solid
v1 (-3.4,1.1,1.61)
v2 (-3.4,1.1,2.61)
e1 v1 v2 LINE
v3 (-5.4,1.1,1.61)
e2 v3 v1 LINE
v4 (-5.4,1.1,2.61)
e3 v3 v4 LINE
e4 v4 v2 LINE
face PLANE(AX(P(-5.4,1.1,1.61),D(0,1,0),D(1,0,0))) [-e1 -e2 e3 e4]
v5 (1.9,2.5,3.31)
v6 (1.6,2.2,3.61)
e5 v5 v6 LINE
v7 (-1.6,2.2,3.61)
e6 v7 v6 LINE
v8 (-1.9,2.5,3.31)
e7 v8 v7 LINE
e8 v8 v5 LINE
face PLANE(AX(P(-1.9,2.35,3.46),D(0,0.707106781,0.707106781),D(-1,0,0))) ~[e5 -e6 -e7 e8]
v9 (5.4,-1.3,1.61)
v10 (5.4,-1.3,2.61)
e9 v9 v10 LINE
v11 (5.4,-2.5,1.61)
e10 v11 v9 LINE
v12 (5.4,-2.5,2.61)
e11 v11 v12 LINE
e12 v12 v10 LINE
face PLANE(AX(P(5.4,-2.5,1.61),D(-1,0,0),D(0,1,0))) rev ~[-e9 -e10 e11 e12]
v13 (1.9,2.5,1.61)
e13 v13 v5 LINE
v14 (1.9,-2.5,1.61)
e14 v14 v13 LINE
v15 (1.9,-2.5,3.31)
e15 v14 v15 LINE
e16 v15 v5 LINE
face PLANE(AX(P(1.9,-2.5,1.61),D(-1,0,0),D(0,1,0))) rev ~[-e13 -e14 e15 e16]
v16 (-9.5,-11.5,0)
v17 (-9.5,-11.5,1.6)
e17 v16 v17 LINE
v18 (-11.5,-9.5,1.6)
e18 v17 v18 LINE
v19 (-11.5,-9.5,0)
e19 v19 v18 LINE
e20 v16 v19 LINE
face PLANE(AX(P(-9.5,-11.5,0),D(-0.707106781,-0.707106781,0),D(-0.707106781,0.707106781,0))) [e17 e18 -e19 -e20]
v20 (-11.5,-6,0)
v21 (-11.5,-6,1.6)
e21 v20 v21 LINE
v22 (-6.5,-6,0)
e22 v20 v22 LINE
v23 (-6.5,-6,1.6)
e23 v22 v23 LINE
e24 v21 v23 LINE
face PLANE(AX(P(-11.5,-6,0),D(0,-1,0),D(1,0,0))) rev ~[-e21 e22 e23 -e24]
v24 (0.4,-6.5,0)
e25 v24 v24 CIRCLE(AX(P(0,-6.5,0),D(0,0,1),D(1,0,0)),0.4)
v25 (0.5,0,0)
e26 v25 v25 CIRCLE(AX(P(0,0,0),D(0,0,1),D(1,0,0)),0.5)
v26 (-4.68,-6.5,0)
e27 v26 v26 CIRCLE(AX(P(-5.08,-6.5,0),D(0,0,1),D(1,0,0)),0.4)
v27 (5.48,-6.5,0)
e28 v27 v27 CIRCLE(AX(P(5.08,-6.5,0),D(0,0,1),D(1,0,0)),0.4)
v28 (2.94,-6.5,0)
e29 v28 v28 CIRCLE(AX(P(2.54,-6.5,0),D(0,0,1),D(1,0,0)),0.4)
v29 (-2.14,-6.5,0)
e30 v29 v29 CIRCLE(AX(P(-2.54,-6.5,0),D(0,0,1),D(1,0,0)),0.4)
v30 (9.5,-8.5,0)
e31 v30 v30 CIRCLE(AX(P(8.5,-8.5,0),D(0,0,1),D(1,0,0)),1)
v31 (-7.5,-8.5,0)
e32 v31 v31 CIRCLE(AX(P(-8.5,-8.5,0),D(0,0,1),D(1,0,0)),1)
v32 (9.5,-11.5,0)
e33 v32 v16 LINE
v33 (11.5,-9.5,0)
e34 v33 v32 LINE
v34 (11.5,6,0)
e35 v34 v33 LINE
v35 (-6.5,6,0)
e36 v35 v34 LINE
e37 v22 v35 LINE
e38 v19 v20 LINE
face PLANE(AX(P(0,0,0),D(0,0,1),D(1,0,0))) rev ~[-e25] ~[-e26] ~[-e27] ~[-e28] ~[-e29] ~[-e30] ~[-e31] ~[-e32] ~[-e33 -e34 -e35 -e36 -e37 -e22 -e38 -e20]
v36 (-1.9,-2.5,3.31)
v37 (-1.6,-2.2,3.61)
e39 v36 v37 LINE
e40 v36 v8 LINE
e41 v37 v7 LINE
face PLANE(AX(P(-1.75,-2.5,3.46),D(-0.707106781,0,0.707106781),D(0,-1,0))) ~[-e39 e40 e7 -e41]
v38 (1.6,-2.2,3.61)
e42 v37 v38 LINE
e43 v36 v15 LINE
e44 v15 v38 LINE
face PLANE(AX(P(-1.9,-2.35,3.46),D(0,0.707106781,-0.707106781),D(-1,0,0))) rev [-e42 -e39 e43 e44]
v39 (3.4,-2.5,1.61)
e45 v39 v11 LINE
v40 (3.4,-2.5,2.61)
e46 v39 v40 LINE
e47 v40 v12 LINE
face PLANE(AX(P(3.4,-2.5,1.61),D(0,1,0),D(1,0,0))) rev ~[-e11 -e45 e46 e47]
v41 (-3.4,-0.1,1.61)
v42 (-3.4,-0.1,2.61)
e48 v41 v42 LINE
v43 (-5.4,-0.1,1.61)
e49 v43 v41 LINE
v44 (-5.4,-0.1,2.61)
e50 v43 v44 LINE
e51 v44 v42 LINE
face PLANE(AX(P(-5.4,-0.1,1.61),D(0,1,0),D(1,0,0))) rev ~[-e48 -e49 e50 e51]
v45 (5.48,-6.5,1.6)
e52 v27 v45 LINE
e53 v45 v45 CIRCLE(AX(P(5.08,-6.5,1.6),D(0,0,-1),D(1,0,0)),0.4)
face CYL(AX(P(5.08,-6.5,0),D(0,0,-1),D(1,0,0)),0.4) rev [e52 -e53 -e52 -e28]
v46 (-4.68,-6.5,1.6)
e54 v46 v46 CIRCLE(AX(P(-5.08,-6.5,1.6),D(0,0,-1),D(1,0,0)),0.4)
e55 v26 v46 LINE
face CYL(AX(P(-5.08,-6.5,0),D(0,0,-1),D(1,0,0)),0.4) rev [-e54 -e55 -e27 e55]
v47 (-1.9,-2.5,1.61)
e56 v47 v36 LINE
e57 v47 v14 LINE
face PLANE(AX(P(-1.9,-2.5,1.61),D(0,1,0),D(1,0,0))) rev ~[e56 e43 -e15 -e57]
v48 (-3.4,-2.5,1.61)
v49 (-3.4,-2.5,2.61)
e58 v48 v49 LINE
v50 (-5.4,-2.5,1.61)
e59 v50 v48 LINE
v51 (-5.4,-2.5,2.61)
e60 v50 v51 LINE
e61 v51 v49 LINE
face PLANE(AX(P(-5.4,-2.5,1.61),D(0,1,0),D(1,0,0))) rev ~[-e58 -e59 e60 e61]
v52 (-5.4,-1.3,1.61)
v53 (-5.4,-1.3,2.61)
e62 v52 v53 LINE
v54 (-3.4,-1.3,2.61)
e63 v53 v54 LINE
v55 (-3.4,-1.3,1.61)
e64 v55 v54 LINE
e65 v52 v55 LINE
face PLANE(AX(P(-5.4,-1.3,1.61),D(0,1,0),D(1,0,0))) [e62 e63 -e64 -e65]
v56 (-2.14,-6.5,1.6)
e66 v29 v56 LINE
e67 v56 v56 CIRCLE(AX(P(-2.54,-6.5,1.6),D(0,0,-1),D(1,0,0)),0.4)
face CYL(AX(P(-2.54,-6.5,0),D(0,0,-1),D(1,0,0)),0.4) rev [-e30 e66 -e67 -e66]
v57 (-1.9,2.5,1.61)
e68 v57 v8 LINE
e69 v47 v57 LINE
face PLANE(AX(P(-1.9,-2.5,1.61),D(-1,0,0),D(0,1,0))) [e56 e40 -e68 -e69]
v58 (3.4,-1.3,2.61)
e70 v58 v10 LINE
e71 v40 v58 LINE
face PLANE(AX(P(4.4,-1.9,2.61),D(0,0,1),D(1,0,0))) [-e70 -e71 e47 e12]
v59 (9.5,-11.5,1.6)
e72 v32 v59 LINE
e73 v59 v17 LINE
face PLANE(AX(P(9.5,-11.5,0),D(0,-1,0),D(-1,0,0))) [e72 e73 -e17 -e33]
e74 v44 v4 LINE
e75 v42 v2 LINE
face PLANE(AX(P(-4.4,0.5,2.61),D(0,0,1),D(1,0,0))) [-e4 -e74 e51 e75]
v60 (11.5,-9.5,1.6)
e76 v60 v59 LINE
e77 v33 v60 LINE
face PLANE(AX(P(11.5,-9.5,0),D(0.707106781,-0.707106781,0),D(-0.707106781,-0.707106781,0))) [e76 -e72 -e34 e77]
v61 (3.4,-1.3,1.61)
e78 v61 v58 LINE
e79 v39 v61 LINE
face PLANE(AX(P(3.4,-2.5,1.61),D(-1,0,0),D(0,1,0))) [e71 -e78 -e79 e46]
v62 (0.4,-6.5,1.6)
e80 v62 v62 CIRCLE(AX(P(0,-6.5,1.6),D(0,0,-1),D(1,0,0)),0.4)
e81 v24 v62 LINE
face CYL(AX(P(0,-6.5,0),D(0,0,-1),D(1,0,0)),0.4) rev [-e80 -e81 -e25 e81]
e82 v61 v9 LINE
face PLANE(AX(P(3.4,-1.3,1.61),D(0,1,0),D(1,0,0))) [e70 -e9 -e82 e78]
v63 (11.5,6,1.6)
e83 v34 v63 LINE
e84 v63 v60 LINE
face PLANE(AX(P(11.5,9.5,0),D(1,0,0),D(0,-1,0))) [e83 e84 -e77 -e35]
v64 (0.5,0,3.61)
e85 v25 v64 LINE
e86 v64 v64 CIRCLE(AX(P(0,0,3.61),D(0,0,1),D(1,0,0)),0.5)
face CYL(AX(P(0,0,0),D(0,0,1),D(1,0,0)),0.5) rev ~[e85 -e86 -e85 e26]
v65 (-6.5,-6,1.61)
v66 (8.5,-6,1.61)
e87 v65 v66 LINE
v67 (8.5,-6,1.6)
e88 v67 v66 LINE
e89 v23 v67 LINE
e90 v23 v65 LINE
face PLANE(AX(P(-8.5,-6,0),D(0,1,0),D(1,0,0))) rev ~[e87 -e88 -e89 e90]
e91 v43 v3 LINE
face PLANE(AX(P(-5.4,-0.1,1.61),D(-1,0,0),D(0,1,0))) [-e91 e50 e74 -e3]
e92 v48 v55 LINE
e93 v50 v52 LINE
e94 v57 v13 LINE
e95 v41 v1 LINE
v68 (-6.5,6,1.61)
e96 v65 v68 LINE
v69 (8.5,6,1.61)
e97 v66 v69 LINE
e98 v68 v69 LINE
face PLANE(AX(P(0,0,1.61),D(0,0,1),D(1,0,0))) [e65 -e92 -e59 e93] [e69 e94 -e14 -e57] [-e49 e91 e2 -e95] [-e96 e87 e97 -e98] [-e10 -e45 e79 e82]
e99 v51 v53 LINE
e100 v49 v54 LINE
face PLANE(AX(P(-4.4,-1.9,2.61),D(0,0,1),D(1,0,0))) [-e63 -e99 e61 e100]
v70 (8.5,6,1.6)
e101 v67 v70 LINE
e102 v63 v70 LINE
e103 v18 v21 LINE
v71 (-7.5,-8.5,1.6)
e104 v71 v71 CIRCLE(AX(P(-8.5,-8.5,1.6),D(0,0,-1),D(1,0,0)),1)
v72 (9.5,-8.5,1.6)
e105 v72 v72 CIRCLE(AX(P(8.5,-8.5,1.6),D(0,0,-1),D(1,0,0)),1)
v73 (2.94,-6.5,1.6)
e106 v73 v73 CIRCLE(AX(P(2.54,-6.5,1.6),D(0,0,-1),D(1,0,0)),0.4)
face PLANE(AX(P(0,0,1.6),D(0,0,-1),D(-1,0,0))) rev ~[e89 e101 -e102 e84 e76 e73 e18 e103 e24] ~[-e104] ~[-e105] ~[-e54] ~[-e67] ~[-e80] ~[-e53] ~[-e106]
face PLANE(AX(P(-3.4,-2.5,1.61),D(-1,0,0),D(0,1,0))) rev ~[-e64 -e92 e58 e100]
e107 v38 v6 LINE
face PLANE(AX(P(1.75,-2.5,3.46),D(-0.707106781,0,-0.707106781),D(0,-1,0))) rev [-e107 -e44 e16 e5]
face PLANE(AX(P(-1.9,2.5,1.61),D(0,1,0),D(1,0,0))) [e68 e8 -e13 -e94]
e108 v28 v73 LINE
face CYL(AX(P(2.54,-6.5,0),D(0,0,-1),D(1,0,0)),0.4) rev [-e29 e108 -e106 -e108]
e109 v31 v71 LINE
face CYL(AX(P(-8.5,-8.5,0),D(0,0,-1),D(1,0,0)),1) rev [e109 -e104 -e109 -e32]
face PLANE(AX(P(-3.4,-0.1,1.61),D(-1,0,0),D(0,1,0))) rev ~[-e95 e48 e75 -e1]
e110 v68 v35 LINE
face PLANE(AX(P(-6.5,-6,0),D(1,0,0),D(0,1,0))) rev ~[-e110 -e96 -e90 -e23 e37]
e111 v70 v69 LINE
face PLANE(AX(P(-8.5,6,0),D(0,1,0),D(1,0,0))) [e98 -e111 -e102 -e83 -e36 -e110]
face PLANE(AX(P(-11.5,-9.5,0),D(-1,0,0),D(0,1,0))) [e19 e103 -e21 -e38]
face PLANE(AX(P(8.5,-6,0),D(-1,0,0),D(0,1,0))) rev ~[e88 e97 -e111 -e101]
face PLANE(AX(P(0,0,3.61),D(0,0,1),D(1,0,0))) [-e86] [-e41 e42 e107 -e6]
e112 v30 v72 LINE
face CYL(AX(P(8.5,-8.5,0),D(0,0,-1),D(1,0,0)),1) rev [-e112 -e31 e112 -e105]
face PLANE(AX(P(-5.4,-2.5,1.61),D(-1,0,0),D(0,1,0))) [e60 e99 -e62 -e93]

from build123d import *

# Parameters (mm, degrees)
BOSS_EXTRUDE1_DEPTH = 1.6
SKETCH2_W           = 17
SKETCH2_H           = 12
BOSS_EXTRUDE2_DEPTH = 1.61
SKETCH3_R           = 0.4
CUT_EXTRUDE1_DEPTH  = 2.62
BOSS_EXTRUDE4_START = 1.61
SKETCH4_W           = 3.8
SKETCH4_H           = 5
BOSS_EXTRUDE4_DEPTH = 2
BOSS_EXTRUDE5_START = 1.61
SKETCH5_W           = 2
SKETCH5_H           = 1.2
BOSS_EXTRUDE5_DEPTH = 1
CHAMFER1_SIZE       = 0.3
SKETCH8_R           = 1
CUT_EXTRUDE2_DEPTH  = 3.5
SKETCH9_W           = 23
SKETCH9_H           = 5.5
CUT_EXTRUDE3_DEPTH  = 3.5
SKETCH10_W          = 5
SKETCH10_H          = 12
CUT_EXTRUDE4_DEPTH  = 3.5
SKETCH11_R          = 0.5
CUT_EXTRUDE5_DEPTH  = 5


with BuildPart() as part:
    # Sketch1 → Boss-Extrude1 (new body)
    with BuildSketch(Plane.XY):
        Polygon((-11.5, 9.5), (-9.5, 11.5), (9.5, 11.5), (11.5, 9.5), (11.5, -9.5), (9.5, -11.5), (-9.5, -11.5), (-11.5, -9.5), align=None)
    extrude(amount=BOSS_EXTRUDE1_DEPTH)

    # Sketch2 → Boss-Extrude2 (add)
    with BuildSketch(Plane.XY):
        Rectangle(SKETCH2_W, SKETCH2_H)
    extrude(amount=BOSS_EXTRUDE2_DEPTH)

    # Sketch3 → Cut-Extrude1 (cut)
    with BuildSketch(Plane.XY):
        with Locations((-5.08, -6.5)):
            Circle(SKETCH3_R)
        with Locations((-2.54, -6.5)):
            Circle(SKETCH3_R)
        with Locations((0, -6.5)):
            Circle(SKETCH3_R)
        with Locations((2.54, -6.5)):
            Circle(SKETCH3_R)
        with Locations((5.08, -6.5)):
            Circle(SKETCH3_R)
    extrude(amount=CUT_EXTRUDE1_DEPTH, mode=Mode.SUBTRACT)

    # Sketch4 → Boss-Extrude4 (add)
    with BuildSketch(Plane.XY.offset(BOSS_EXTRUDE4_START)):
        Rectangle(SKETCH4_W, SKETCH4_H)
    extrude(amount=BOSS_EXTRUDE4_DEPTH)

    # Sketch5 → Boss-Extrude5 (add)
    with BuildSketch(Plane.XY.offset(BOSS_EXTRUDE5_START)):
        with Locations((-4.4, -1.9)):
            Rectangle(SKETCH5_W, SKETCH5_H)
        with Locations((-4.4, 0.5)):
            Rectangle(SKETCH5_W, SKETCH5_H)
        with Locations((4.4, -1.9)):
            Rectangle(SKETCH5_W, SKETCH5_H)
    extrude(amount=BOSS_EXTRUDE5_DEPTH)

    # Chamfer1
    chamfer1_edges = [part.edges().sort_by_distance(p)[0] for p in [
        (1.9, 0, 3.61),
        (0, 2.5, 3.61),
        (-1.9, 0, 3.61),
        (0, -2.5, 3.61),
    ]]
    chamfer(chamfer1_edges, length=CHAMFER1_SIZE)

    # Sketch8 → Cut-Extrude2 (cut, symmetric)
    with BuildSketch(Plane.XY):
        with Locations((8.5, -8.5)):
            Circle(SKETCH8_R)
        with Locations((-8.5, -8.5)):
            Circle(SKETCH8_R)
        with Locations((8.5, 8.5)):
            Circle(SKETCH8_R)
        with Locations((-8.5, 8.5)):
            Circle(SKETCH8_R)
    extrude(amount=CUT_EXTRUDE2_DEPTH, both=True, mode=Mode.SUBTRACT)

    # Sketch9 → Cut-Extrude3 (cut, symmetric)
    with BuildSketch(Plane.XY):
        with Locations((0, 8.75)):
            Rectangle(SKETCH9_W, SKETCH9_H)
    extrude(amount=CUT_EXTRUDE3_DEPTH, both=True, mode=Mode.SUBTRACT)

    # Sketch10 → Cut-Extrude4 (cut, symmetric)
    with BuildSketch(Plane.XY):
        with Locations((-9, 0)):
            Rectangle(SKETCH10_W, SKETCH10_H)
    extrude(amount=CUT_EXTRUDE4_DEPTH, both=True, mode=Mode.SUBTRACT)

    # Sketch11 → Cut-Extrude5 (cut, symmetric)
    with BuildSketch(Plane.XY):
        Circle(SKETCH11_R)
    extrude(amount=CUT_EXTRUDE5_DEPTH, both=True, mode=Mode.SUBTRACT)


solid = part.part
